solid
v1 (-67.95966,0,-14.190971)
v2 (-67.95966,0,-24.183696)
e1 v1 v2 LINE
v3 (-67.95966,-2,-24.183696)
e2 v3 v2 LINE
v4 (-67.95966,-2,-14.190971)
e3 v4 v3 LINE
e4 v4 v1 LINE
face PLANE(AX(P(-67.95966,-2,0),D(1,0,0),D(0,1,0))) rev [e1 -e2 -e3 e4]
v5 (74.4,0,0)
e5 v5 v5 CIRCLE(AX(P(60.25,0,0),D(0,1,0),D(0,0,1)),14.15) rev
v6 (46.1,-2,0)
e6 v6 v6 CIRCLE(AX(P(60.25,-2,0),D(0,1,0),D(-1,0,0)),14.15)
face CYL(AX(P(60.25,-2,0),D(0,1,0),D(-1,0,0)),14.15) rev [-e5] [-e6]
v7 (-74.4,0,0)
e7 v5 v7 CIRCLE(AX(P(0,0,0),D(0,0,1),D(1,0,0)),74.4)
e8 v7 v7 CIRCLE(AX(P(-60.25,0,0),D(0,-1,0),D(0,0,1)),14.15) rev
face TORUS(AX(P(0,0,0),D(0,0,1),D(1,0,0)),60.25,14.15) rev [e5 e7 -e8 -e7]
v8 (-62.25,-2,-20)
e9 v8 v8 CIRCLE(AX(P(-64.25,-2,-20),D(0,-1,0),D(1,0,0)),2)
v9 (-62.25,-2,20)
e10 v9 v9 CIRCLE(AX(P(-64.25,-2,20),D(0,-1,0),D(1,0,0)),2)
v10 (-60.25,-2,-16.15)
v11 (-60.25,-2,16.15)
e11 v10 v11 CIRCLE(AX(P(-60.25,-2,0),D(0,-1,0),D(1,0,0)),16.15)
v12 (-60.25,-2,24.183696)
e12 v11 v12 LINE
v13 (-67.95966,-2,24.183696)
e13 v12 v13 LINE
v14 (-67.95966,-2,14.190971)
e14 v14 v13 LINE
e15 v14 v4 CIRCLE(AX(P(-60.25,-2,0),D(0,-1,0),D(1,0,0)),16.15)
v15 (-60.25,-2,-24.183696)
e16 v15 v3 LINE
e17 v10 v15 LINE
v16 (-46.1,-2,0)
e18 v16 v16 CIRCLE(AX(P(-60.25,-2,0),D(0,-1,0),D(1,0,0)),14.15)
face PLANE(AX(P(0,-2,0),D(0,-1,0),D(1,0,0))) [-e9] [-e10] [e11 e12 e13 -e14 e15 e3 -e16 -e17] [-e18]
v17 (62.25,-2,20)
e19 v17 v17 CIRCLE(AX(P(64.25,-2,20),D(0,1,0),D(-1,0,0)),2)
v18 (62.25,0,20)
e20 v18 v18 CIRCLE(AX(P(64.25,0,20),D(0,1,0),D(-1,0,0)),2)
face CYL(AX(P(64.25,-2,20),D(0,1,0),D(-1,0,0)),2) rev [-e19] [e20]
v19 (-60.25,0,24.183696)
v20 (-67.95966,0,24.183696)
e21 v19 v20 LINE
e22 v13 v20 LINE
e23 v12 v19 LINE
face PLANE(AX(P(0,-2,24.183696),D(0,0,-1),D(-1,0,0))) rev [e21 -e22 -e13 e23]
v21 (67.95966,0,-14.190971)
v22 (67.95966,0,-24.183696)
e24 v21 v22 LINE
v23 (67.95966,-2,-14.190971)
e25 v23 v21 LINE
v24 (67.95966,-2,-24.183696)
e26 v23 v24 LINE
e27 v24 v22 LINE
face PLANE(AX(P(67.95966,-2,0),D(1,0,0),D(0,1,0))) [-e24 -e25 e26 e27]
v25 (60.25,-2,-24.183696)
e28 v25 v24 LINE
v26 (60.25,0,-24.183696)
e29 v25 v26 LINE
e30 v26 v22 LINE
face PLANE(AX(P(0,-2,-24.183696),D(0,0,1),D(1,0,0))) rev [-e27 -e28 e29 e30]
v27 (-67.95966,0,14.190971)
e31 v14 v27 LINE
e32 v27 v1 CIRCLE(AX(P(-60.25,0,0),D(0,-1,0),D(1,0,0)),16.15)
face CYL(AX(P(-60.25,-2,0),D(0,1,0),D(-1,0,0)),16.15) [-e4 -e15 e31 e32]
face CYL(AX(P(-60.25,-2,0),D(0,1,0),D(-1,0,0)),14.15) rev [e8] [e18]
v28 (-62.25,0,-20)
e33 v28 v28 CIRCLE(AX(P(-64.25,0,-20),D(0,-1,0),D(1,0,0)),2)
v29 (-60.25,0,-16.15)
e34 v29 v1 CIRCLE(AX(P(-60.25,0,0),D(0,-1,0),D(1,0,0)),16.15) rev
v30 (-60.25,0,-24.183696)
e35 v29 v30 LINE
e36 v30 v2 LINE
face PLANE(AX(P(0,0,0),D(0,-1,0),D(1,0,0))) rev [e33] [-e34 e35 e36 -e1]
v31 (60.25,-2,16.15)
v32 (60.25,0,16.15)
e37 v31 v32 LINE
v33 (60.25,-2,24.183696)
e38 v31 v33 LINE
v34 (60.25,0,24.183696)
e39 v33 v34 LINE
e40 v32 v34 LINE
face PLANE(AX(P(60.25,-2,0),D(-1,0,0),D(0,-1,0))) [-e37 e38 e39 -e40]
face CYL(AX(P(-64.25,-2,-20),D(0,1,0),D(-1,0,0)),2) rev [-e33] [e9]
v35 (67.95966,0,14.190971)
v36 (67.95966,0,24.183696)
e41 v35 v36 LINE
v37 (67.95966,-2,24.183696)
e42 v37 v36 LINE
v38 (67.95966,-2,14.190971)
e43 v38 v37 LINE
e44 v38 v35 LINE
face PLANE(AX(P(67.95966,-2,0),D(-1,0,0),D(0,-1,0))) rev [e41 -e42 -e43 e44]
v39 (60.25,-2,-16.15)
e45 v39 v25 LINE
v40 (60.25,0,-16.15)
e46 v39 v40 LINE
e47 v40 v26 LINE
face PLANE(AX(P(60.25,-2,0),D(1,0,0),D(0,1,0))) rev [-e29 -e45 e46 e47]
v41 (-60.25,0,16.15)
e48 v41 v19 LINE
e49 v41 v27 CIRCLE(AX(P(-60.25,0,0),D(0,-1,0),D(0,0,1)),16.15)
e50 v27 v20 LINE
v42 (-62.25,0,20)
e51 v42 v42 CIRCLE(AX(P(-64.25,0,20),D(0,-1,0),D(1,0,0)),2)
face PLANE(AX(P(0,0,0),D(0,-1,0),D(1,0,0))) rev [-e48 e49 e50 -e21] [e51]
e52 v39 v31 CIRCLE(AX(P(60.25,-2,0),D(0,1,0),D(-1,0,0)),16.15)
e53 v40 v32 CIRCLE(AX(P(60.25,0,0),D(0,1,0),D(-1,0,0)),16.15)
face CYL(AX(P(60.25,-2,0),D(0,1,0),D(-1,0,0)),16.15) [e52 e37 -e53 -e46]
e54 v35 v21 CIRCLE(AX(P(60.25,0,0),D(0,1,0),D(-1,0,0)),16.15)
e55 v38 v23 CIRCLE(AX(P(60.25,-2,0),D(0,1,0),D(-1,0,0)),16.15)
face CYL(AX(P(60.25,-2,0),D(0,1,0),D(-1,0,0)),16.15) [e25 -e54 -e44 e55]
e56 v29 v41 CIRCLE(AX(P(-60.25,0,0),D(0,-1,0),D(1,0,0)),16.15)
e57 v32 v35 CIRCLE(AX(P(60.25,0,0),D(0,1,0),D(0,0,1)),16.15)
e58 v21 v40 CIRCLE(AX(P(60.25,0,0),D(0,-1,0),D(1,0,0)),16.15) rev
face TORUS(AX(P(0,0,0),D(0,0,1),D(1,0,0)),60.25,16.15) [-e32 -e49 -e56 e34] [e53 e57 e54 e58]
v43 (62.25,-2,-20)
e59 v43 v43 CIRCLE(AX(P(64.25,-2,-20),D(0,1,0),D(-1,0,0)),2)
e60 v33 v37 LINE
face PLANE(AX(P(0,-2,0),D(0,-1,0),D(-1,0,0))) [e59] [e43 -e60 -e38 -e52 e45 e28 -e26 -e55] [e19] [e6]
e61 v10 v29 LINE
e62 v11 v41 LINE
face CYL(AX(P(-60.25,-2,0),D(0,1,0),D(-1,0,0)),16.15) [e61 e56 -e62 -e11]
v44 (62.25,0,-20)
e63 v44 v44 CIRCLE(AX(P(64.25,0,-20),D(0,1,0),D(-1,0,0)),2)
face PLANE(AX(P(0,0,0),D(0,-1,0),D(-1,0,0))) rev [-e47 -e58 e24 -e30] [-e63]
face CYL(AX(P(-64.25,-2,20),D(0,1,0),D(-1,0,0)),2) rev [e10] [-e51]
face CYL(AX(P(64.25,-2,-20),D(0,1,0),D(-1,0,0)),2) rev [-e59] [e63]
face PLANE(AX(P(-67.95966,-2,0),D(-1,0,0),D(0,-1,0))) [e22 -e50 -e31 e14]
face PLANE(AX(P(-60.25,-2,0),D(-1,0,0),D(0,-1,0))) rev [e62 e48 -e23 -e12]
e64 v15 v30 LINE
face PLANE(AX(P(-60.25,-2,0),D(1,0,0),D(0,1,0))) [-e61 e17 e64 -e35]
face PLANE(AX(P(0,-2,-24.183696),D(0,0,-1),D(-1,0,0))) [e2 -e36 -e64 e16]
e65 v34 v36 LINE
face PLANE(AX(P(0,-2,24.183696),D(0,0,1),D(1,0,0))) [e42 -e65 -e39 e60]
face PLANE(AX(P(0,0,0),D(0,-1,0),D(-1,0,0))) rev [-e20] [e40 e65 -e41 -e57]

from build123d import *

# Parameters (mm, degrees)
SKETCH21_R          = 16.15
SKETCH21_R_2        = 14.15
SKETCH25_R          = 14.15
SKETCH25_R_2        = 2
BOSS_EXTRUDE3_DEPTH = 2


with BuildPart() as part:
    # Sweep2: sweep along a path in Sketch1
    with BuildLine(Plane.XY) as sweep2_path:
        ThreePointArc((60.25, 0), (0, 60.25), (-60.25, 0))
    # Sketch21 → Sweep2 (sweep)
    with BuildSketch(Plane(origin=(60.25, 0, 0), x_dir=(1, 0, 0), z_dir=(0, 1, 0))):
        Circle(SKETCH21_R)
        Circle(SKETCH21_R_2, mode=Mode.SUBTRACT)
    sweep(path=sweep2_path.line)

    # Sketch25 → Boss-Extrude3 (add)
    with BuildSketch(Plane(origin=(-60.25, 0, 0), x_dir=(-1, 0, 0), z_dir=(0, -1, 0))):
        with BuildLine():
            Line((0, -16.15), (0, -24.183695576))
            Line((0, -24.183695576), (7.709659584, -24.183695576))
            Line((7.709659584, -24.183695576), (7.709659584, -14.190970689))
            ThreePointArc((7.709659584, -14.190970689), (16.15, 0), (7.709659584, 14.190970689))
            Line((7.709659584, 14.190970689), (7.709659584, 24.183695576))
            Line((7.709659584, 24.183695576), (0, 24.183695576))
            Line((0, 24.183695576), (0, 16.15))
            ThreePointArc((0, 16.15), (-16.15, 0), (0, -16.15))
        make_face()
        Circle(SKETCH25_R, mode=Mode.SUBTRACT)
        with Locations(Location((4, -20, 0), (0, 0, 180))):
            Circle(SKETCH25_R_2, mode=Mode.SUBTRACT)
        with Locations(Location((4, 20, 0), (0, 0, 180))):
            Circle(SKETCH25_R_2, mode=Mode.SUBTRACT)
    boss_extrude3 = extrude(amount=BOSS_EXTRUDE3_DEPTH)

    # Mirror3: Boss-Extrude3 across plane
    add(boss_extrude3.mirror(Plane(origin=(0, 0, 0), x_dir=(0, 0, 1), z_dir=(1, 0, 0))))


solid = part.part
